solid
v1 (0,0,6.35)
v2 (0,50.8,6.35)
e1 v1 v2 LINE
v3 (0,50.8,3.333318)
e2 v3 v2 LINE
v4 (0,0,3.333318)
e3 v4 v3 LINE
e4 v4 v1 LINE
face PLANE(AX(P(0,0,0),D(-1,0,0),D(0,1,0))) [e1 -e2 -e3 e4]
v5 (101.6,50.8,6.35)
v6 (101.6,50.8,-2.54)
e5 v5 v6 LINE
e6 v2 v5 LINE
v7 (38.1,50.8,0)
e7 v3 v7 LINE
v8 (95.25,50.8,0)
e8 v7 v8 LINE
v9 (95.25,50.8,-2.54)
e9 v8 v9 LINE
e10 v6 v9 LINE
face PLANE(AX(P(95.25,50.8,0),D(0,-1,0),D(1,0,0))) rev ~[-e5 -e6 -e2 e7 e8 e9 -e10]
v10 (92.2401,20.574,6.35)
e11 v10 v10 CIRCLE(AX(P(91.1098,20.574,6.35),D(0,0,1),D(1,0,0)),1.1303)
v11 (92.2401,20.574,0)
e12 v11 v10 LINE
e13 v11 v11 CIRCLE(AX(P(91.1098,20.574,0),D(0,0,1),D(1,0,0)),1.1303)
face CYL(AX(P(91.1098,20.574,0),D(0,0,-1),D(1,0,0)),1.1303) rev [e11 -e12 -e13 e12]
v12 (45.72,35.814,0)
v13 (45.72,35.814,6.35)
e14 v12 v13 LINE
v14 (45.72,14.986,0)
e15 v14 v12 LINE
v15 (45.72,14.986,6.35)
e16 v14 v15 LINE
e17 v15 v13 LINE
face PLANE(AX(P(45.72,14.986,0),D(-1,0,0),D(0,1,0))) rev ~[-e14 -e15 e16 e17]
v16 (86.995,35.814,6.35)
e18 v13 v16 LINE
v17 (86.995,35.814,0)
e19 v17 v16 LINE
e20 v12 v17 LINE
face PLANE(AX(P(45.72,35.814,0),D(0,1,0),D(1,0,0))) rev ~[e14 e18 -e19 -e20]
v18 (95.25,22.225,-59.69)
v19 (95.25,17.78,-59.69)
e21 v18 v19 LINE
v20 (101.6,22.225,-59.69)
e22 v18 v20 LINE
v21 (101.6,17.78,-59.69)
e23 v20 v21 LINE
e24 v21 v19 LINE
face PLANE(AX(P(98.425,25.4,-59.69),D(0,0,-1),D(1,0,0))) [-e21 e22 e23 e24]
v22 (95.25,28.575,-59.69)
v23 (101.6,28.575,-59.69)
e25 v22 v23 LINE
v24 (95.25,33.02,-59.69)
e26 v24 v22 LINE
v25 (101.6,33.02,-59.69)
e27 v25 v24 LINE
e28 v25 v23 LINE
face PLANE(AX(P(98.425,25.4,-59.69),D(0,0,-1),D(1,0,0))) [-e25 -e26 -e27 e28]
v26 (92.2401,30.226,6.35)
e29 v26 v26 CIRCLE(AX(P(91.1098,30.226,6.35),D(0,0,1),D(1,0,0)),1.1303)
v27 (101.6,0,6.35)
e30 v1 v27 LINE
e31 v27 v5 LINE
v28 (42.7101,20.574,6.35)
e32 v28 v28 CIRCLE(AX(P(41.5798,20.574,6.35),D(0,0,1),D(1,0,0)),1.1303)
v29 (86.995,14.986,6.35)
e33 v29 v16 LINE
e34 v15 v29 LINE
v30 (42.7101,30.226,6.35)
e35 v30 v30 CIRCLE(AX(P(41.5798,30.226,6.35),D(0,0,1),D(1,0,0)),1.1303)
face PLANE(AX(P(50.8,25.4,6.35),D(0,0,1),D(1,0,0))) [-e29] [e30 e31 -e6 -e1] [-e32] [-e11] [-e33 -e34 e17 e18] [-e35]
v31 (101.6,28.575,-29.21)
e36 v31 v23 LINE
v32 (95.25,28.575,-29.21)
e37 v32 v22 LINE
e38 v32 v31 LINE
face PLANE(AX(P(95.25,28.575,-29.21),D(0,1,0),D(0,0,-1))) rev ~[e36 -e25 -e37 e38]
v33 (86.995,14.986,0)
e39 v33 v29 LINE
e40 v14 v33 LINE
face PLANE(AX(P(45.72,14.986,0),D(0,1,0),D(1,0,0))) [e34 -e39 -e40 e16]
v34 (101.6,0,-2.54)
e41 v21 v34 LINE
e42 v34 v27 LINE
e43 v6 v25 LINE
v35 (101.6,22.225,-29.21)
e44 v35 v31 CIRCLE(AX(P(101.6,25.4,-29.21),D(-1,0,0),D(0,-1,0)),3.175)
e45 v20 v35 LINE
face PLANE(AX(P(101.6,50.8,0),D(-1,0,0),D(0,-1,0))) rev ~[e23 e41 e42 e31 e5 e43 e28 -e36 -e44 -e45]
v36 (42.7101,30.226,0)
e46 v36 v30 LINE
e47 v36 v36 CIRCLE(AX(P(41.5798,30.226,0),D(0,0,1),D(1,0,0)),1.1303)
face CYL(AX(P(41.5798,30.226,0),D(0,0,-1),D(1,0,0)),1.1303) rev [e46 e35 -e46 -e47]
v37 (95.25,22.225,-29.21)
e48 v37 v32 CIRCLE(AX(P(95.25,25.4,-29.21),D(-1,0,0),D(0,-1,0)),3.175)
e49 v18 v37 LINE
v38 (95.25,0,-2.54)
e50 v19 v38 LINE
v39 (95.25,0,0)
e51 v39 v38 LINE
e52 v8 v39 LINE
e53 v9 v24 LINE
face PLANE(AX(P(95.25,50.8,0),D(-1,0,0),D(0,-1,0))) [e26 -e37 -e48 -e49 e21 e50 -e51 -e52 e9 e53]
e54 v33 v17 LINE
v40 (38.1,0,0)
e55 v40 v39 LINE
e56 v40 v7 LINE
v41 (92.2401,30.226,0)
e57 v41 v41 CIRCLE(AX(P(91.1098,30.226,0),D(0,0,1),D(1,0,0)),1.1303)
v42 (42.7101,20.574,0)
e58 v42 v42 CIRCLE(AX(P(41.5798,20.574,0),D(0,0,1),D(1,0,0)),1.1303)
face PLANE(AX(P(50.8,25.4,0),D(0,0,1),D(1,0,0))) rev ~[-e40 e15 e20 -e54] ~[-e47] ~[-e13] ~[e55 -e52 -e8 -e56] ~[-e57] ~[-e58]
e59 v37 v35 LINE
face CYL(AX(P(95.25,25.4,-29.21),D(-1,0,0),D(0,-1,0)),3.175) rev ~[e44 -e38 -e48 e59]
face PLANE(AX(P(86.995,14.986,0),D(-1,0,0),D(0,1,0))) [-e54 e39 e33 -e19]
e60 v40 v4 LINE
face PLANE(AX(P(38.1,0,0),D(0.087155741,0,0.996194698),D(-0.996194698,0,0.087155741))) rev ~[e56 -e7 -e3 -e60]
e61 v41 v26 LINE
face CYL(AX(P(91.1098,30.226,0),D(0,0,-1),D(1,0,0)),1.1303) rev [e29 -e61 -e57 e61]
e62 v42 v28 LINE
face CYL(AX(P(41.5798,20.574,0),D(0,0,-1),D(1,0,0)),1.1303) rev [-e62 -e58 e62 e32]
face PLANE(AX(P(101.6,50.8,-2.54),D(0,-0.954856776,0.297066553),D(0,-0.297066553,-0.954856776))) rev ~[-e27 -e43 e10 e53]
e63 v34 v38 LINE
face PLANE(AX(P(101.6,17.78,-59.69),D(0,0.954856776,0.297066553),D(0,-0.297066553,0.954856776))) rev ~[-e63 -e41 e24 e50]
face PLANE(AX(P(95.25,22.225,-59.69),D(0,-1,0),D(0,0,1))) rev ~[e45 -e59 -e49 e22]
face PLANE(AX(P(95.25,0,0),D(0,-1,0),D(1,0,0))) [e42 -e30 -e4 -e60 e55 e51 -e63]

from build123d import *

# Parameters (mm, degrees)
F0_W     = 101.6
F0_H     = 50.8
F0_R     = 1.1303
F0_W_2   = 41.275
F0_H_2   = 20.828
F1_DEPTH = 6.35
F3_DEPTH = 50.801
F4_W     = 6.35
F4_H     = 50.8
F5_DEPTH = 59.69
F7_DEPTH = 6.35
F9_DEPTH = 6.35


with BuildPart() as f1:
    # F0 (on Top) → F1 (new body)
    with BuildSketch(Plane.XY):
        with Locations((50.8, 25.4)):
            Rectangle(F0_W, F0_H)
        with Locations((41.5798, 20.574)):
            Circle(F0_R, mode=Mode.SUBTRACT)
        with Locations((66.3575, 25.4)):
            Rectangle(F0_W_2, F0_H_2, mode=Mode.SUBTRACT)
        with Locations((91.1098, 20.574)):
            Circle(F0_R, mode=Mode.SUBTRACT)
        with Locations((41.5798, 30.226)):
            Circle(F0_R, mode=Mode.SUBTRACT)
        with Locations((91.1098, 30.226)):
            Circle(F0_R, mode=Mode.SUBTRACT)
    extrude(amount=F1_DEPTH)

    # F2 (on face) → F3 (cut, through all)
    with BuildSketch(Plane.XZ):
        Polygon((0, 3.333318), (0, 0), (38.1, 0), align=None)
    extrude(amount=-F3_DEPTH, mode=Mode.SUBTRACT)

    # F4 (on face) → F5 (join)
    with BuildSketch(Plane(origin=(0, 0, 0), x_dir=(1, 0, 0), z_dir=(0, 0, -1))):
        with Locations((98.425, -25.4)):
            Rectangle(F4_W, F4_H)
    extrude(amount=F5_DEPTH)

    # F6 (on face) → F7 (cut, through all)
    with BuildSketch(Plane(origin=(95.25, 0, 0), x_dir=(0, -1, 0), z_dir=(-1, 0, 0))):
        with BuildLine():
            Line((-28.575, -29.21), (-28.575, -59.69))
            Line((-28.575, -59.69), (-22.225, -59.69))
            Line((-22.225, -59.69), (-22.225, -29.21))
            ThreePointArc((-22.225, -29.21), (-25.4, -26.035), (-28.575, -29.21))
        make_face()
    extrude(amount=-F7_DEPTH, mode=Mode.SUBTRACT)

    # F8 (on face) → F9 (cut, through all)
    with BuildSketch(Plane.YZ.offset(101.6)):
        Polygon((50.8, -59.69), (50.8, -2.54), (33.02, -59.69), align=None)
        Polygon((0, -2.54), (0, -59.69), (17.78, -59.69), align=None)
    extrude(amount=-F9_DEPTH, mode=Mode.SUBTRACT)


solid = f1.part
